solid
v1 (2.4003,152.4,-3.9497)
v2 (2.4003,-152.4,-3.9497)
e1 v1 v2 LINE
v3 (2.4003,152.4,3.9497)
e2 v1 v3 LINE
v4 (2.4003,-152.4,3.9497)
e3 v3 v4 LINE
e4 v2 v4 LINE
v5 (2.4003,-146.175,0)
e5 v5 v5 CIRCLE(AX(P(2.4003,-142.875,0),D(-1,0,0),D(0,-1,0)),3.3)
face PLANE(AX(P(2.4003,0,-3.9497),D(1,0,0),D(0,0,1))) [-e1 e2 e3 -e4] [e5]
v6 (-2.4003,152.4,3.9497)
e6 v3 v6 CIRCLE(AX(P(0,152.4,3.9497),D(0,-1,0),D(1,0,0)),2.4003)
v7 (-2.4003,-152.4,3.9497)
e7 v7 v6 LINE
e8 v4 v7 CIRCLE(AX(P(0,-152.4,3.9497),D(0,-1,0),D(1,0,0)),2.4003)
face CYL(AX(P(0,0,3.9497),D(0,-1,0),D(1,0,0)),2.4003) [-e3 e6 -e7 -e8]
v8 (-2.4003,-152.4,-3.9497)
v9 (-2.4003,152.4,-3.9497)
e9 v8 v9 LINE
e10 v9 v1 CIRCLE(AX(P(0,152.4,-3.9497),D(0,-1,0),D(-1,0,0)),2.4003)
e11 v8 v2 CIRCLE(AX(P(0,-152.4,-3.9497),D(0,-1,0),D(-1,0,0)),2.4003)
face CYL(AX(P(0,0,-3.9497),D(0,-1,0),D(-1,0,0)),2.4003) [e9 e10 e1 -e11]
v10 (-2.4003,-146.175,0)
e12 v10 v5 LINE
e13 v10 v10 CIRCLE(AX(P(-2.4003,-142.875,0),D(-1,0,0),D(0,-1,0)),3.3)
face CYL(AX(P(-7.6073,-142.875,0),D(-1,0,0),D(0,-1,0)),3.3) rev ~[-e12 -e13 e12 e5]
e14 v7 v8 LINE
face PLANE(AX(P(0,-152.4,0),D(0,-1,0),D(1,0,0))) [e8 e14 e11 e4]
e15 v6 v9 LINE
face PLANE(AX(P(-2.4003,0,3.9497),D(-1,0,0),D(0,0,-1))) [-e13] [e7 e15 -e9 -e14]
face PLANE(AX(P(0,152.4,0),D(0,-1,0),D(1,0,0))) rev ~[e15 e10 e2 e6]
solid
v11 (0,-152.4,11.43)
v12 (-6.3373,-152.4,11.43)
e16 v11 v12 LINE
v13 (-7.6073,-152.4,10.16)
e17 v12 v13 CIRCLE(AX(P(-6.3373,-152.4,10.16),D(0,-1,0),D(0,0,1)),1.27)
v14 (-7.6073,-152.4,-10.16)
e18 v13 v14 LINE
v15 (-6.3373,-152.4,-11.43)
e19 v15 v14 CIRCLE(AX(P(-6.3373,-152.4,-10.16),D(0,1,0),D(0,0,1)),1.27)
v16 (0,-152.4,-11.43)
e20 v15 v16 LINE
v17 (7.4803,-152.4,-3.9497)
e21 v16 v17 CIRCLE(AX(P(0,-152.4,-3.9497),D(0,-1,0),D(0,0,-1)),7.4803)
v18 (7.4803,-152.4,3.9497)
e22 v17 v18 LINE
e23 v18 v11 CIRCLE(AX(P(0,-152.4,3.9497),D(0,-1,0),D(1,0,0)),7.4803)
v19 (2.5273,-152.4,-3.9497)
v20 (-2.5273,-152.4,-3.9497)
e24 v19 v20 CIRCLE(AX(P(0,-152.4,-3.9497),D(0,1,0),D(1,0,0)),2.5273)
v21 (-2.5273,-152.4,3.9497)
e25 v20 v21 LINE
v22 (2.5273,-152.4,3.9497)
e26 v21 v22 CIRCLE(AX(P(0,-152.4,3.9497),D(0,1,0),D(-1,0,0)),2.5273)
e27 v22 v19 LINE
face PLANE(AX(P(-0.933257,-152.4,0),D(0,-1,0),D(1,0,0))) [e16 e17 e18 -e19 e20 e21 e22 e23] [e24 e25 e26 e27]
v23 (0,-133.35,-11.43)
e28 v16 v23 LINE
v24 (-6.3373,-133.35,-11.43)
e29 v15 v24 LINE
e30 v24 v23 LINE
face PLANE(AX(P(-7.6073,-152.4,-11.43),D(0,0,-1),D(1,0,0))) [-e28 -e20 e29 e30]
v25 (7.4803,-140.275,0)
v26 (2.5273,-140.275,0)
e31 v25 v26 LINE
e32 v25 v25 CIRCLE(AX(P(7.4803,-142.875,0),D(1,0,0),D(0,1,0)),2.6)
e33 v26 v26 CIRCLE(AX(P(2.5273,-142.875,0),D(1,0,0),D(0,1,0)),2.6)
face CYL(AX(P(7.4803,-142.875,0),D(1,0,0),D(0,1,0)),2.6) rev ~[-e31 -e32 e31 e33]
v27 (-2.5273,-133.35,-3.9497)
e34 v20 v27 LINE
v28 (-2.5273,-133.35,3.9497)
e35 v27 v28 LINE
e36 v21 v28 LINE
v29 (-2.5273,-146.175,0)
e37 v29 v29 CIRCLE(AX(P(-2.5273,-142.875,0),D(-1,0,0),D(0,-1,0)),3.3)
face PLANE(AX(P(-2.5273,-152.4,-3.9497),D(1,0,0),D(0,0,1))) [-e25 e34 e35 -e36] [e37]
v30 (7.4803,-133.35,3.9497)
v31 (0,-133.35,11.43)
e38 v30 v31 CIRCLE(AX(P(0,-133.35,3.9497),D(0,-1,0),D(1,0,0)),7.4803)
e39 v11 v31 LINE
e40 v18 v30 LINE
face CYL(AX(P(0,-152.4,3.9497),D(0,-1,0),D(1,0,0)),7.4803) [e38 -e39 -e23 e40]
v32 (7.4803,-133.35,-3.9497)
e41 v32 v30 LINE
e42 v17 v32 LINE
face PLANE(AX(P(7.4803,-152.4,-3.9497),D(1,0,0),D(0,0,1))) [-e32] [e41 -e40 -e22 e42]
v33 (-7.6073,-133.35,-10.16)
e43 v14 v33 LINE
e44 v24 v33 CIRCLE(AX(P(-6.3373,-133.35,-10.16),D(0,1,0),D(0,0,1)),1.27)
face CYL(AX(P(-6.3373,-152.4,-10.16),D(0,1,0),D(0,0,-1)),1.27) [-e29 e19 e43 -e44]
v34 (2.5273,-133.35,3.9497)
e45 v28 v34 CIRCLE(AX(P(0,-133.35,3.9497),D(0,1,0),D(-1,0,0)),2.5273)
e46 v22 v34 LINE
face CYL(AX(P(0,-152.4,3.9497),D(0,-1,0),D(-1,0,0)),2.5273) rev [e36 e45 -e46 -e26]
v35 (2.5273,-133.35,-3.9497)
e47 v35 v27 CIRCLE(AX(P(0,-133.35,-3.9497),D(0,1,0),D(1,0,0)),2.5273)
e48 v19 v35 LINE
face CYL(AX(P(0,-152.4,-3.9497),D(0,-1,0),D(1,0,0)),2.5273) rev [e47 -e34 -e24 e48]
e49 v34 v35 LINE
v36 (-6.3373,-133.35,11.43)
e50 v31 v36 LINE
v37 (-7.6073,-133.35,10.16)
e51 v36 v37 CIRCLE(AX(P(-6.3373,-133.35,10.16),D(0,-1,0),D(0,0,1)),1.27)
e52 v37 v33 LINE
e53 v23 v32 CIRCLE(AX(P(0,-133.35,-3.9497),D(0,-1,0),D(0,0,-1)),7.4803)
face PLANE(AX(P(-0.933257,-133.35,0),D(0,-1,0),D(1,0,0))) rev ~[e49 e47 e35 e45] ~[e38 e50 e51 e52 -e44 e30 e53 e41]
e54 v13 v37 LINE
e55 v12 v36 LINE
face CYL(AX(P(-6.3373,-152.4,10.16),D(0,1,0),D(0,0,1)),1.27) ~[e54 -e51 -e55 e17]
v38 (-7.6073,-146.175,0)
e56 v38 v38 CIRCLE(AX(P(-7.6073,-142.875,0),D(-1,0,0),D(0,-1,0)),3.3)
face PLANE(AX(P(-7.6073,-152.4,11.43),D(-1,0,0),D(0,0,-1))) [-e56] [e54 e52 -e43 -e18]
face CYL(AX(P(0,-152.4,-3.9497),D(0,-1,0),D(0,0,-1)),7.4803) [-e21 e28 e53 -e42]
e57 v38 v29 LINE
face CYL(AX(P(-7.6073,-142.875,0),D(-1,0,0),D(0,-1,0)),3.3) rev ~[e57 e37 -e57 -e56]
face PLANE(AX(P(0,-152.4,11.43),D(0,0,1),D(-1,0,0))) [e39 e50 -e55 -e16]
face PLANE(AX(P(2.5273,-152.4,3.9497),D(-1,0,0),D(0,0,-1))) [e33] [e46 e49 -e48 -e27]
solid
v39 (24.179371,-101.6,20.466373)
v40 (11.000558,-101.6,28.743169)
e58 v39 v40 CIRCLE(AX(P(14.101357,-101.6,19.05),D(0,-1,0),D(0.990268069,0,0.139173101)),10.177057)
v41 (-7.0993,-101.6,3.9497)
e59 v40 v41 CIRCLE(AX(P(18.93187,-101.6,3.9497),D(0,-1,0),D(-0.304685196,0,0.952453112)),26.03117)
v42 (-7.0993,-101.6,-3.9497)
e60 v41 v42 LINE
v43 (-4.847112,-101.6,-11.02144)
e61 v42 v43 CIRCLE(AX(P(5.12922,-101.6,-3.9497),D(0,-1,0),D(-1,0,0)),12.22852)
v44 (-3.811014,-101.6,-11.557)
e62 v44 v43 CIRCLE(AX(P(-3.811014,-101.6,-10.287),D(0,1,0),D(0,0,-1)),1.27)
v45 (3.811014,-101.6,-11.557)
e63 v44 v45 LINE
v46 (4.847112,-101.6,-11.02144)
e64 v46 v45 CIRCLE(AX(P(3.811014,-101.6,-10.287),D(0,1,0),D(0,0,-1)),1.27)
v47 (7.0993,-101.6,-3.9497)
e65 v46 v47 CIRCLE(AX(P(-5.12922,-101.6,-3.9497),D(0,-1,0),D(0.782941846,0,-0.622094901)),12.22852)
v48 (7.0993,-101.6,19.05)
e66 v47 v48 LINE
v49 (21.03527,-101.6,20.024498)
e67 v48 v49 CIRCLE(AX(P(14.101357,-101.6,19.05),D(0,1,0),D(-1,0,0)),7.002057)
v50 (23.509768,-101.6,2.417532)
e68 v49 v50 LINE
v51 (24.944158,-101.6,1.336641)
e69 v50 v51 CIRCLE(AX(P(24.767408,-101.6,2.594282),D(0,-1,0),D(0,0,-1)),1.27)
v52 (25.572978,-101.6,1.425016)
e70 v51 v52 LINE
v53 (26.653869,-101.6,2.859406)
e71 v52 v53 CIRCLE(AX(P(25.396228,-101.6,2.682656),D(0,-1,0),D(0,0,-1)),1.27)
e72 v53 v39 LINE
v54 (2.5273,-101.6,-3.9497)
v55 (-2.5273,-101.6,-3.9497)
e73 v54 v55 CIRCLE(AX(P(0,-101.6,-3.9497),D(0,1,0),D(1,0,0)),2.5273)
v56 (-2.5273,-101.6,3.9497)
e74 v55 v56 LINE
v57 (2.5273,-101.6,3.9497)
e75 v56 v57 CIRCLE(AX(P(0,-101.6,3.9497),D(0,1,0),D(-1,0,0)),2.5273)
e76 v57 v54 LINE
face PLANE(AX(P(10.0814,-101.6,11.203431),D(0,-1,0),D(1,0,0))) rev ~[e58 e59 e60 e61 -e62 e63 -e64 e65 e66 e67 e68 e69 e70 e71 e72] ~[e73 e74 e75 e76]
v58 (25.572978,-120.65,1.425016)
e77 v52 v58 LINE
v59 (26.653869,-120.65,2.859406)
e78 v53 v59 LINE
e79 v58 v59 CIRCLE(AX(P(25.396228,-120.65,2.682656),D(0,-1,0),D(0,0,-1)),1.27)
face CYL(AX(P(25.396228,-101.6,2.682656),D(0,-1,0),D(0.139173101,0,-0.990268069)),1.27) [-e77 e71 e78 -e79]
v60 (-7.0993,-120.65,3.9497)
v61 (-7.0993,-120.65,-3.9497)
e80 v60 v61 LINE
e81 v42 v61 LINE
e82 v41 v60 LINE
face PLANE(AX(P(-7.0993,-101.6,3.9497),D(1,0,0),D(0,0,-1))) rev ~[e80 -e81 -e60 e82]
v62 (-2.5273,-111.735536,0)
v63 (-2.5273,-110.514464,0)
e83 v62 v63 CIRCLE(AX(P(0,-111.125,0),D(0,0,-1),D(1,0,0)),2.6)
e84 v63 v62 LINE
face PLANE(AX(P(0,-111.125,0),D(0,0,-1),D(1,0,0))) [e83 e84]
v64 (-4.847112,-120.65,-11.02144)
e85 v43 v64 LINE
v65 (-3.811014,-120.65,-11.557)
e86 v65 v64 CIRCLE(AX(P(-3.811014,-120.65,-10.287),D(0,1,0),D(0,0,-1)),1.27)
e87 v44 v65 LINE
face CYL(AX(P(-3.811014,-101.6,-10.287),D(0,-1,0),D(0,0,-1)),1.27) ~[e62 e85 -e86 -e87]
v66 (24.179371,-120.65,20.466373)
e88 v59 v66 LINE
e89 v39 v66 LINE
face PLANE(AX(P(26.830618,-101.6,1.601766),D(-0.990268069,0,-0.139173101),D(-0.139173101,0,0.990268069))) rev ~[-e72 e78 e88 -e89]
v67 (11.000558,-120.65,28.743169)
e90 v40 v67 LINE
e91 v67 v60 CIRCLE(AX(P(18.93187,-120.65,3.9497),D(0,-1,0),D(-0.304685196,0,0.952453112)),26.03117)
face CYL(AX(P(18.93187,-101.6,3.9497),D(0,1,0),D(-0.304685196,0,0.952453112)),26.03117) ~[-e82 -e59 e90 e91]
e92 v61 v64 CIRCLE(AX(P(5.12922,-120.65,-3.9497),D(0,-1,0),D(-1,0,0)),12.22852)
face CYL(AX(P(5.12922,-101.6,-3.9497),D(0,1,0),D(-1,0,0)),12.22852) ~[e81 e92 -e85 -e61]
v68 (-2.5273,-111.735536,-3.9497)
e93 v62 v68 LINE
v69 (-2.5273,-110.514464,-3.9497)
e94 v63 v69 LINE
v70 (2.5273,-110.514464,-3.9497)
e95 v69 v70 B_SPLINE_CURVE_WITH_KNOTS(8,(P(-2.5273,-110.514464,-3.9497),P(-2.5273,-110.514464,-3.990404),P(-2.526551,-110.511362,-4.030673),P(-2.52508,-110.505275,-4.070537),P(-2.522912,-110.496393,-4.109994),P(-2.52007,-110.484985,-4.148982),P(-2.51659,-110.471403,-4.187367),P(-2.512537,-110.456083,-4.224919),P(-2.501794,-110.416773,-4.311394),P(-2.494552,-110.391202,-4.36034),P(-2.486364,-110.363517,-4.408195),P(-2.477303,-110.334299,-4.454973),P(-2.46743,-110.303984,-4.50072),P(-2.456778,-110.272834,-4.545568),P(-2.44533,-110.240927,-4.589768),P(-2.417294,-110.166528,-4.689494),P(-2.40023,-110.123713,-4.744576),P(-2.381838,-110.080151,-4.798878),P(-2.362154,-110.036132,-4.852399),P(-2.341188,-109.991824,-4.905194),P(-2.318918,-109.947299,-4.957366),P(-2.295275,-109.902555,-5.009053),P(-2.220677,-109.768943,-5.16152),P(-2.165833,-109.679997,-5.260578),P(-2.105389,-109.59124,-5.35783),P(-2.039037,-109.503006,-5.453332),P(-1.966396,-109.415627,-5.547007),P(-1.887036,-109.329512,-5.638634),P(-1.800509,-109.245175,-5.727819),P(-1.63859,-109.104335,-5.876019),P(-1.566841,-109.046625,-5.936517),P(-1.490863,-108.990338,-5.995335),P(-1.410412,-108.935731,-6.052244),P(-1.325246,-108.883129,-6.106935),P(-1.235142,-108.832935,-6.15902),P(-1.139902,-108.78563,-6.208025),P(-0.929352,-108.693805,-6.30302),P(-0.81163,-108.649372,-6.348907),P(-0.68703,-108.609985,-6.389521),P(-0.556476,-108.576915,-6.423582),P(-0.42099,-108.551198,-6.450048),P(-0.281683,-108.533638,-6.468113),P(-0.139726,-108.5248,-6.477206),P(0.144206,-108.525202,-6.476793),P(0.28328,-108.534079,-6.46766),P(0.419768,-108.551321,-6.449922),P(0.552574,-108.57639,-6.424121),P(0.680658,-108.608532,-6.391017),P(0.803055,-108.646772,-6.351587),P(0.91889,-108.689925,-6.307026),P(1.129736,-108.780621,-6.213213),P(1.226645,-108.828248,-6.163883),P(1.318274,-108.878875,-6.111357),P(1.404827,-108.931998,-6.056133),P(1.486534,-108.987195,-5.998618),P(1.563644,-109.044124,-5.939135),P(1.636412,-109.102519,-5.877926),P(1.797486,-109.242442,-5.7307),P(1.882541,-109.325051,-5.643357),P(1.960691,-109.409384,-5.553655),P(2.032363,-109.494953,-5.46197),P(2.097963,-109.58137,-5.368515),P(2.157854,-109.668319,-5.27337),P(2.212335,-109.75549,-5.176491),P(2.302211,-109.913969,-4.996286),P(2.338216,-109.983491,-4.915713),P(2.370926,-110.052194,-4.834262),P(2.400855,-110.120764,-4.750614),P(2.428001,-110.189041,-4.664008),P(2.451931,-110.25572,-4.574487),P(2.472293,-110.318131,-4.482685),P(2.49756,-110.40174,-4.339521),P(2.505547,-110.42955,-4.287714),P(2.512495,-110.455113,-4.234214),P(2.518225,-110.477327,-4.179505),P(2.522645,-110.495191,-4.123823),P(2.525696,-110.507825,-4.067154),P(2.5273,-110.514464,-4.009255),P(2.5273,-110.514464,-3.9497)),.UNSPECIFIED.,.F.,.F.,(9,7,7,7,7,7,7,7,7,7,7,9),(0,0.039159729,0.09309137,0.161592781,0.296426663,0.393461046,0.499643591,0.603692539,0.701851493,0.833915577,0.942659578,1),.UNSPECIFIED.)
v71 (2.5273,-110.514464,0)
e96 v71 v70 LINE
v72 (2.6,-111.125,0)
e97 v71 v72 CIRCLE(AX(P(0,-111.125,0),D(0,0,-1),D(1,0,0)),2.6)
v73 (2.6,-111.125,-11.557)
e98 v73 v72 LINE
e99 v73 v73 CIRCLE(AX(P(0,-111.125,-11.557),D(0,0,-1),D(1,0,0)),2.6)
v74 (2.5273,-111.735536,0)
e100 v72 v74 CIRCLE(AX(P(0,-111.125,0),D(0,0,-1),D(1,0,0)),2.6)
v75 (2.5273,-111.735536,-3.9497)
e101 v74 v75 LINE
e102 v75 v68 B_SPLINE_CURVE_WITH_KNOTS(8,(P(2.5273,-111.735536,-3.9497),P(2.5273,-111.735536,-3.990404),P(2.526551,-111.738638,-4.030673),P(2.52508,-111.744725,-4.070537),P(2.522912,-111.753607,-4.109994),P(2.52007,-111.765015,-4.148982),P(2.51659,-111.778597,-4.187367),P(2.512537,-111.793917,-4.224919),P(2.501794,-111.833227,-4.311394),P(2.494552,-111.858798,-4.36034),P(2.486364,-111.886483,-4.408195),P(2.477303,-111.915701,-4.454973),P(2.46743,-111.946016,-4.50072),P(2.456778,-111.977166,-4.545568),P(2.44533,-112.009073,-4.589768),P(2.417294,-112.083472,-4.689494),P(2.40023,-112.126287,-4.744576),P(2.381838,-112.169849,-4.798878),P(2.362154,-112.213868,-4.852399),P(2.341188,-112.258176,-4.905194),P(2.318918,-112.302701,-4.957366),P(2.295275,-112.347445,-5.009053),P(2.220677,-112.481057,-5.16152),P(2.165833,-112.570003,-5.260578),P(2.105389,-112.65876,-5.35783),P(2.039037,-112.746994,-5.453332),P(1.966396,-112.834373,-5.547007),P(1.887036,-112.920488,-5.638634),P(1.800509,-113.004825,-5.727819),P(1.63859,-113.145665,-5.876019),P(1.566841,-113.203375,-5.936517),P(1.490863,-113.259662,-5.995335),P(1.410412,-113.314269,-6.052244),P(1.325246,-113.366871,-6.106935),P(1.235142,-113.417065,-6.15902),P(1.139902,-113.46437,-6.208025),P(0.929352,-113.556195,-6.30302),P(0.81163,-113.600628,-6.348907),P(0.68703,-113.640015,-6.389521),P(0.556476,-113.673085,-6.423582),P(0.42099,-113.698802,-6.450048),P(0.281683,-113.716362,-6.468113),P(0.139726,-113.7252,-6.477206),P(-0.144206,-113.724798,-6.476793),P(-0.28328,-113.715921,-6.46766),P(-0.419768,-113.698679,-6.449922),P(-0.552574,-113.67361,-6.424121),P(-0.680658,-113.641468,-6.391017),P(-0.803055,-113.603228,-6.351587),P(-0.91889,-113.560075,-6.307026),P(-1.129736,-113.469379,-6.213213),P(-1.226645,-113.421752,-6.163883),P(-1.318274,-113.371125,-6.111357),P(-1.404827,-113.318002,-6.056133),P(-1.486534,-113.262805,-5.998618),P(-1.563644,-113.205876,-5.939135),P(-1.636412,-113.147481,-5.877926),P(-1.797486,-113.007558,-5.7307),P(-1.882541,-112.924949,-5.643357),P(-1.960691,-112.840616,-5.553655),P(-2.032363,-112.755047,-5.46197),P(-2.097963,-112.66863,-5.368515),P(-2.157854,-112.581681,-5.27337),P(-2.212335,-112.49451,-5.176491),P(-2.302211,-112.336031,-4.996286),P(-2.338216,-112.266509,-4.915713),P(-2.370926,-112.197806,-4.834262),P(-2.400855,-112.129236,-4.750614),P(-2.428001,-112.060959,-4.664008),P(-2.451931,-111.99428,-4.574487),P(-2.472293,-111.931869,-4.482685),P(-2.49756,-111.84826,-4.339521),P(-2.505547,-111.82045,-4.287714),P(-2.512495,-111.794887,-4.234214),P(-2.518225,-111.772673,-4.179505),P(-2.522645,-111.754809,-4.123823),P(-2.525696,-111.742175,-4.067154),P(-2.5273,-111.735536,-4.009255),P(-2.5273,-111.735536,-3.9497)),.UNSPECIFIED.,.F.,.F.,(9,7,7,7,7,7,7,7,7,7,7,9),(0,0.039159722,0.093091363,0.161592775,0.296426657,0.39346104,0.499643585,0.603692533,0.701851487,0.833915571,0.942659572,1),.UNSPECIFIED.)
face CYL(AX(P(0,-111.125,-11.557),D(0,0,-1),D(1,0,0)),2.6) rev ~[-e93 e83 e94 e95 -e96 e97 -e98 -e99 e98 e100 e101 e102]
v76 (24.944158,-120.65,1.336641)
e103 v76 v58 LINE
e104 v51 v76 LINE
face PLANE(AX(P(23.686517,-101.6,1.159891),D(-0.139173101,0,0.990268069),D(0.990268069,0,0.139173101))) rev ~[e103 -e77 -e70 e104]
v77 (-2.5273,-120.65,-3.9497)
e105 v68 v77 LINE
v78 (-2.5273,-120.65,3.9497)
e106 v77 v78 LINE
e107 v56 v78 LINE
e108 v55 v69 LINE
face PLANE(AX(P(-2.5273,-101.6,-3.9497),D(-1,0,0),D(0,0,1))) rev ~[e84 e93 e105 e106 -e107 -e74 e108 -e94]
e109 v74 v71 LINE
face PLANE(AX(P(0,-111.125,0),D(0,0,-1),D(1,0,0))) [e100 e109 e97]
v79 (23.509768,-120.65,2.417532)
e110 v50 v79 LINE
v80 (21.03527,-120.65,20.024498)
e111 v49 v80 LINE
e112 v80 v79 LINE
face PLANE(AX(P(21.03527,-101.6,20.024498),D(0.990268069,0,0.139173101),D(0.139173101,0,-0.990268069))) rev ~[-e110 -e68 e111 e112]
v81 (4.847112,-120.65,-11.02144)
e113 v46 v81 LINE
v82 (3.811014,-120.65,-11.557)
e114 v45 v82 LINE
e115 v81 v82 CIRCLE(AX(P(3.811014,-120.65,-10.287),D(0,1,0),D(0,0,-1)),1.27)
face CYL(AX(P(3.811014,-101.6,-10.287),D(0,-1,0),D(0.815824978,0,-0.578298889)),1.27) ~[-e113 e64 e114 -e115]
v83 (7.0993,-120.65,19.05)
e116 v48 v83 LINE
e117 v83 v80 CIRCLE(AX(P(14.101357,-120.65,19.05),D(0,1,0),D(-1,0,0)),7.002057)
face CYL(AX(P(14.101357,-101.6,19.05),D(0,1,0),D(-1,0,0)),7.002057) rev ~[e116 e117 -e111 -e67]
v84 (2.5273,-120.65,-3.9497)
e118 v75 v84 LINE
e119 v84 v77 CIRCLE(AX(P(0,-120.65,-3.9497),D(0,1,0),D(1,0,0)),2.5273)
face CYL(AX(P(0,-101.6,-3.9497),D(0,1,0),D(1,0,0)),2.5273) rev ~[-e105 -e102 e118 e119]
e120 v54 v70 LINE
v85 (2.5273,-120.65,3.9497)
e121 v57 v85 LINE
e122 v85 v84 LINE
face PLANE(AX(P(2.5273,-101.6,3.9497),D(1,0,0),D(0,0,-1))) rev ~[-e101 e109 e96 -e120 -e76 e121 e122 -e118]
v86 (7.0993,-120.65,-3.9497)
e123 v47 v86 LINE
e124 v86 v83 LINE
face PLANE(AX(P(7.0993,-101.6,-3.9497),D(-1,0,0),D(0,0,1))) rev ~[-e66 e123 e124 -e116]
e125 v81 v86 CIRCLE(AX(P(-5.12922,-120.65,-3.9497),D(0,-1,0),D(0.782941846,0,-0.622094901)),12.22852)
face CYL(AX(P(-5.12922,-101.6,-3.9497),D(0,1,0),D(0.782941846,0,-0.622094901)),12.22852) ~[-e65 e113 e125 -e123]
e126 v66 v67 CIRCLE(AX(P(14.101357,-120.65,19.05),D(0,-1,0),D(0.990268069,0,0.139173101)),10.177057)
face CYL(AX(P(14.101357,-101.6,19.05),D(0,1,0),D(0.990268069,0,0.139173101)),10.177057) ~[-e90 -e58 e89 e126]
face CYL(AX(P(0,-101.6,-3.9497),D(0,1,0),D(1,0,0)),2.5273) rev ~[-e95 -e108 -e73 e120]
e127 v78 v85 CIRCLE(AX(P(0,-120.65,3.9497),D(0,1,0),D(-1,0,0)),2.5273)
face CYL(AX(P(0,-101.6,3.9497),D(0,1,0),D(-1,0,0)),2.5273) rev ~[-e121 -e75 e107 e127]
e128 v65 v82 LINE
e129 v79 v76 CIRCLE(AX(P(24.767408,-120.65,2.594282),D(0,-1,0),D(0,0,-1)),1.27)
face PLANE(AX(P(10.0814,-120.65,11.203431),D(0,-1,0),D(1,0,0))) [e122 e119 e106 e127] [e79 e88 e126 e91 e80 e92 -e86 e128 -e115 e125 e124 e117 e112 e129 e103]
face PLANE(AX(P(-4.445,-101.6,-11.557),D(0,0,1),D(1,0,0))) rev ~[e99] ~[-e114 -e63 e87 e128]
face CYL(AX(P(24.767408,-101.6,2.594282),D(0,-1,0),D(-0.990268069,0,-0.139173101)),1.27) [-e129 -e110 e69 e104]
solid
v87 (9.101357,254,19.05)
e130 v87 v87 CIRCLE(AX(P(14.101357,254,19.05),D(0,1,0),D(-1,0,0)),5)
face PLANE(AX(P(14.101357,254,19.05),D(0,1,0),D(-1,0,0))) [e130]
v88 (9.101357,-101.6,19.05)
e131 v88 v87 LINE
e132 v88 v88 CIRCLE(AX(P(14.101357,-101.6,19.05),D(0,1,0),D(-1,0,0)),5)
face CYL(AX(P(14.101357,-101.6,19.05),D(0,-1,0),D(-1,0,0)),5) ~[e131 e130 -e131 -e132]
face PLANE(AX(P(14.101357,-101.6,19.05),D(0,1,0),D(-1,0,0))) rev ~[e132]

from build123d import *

# Parameters (mm, degrees)
F1_DEPTH  = 152.4
F3_DEPTH  = 19.05
F4_R      = 2.6
F5_DEPTH  = 15.0886
F6_R      = 3.3
F7_DEPTH  = 10.0076
F10_DEPTH = 19.05
F11_R     = 1.27
F11_2_R   = 1.27
F12_R     = 2.6
F13_DEPTH = 11.557
F14_R     = 5
F15_DEPTH = 355.6


with BuildPart() as f1:
    # F0 (on Front) → F1 (new body, symmetric)
    with BuildSketch(Plane.XZ):
        with BuildLine():
            ThreePointArc((-2.4003, -3.9497), (0, -6.35), (2.4003, -3.9497))
            Line((2.4003, -3.9497), (2.4003, 3.9497))
            ThreePointArc((2.4003, 3.9497), (0, 6.35), (-2.4003, 3.9497))
            Line((-2.4003, 3.9497), (-2.4003, -3.9497))
        make_face()
    extrude(amount=F1_DEPTH, both=True)


with BuildPart() as f3:
    # F2 (on face) → F3 (new body)
    with BuildSketch(Plane.XZ.offset(152.4)):
        with BuildLine():
            Line((7.4803, -3.9497), (7.4803, 3.9497))
            ThreePointArc((7.4803, 3.9497), (5.2893708553, 9.2390708553), (0, 11.43))
            Line((0, 11.43), (-7.6073, 11.43))
            Line((-7.6073, 11.43), (-7.6073, -11.43))
            Line((-7.6073, -11.43), (0, -11.43))
            ThreePointArc((0, -11.43), (5.2893708553, -9.2390708553), (7.4803, -3.9497))
        make_face()
        with BuildLine():
            ThreePointArc((-2.5273, 3.9497), (0, 6.477), (2.5273, 3.9497))
            Line((2.5273, 3.9497), (2.5273, -3.9497))
            ThreePointArc((2.5273, -3.9497), (0, -6.477), (-2.5273, -3.9497))
            Line((-2.5273, -3.9497), (-2.5273, 3.9497))
        make_face(mode=Mode.SUBTRACT)
    extrude(amount=-F3_DEPTH)


with BuildPart() as f5_tool:
    # F4 (on face) → F5 (new body, through all)
    with BuildSketch(Plane.YZ.offset(7.4803)):
        with Locations((-142.875, 0)):
            Circle(F4_R)
    extrude(amount=-F5_DEPTH)


with BuildPart() as f1_1:
    add(f1.part)

    # F5: cut by f5_tool
    add(f5_tool.part, mode=Mode.SUBTRACT)


with BuildPart() as f3_1:
    add(f3.part)

    # F5: cut by f5_tool
    add(f5_tool.part, mode=Mode.SUBTRACT)


with BuildPart() as f7_tool:
    # F6 (on face) → F7 (new body, through all)
    with BuildSketch(Plane(origin=(-7.6073, 0, 0), x_dir=(0, -1, 0), z_dir=(-1, 0, 0))):
        with Locations((142.875, 0)):
            Circle(F6_R)
    extrude(amount=-F7_DEPTH)


with BuildPart() as f1_2:
    add(f1_1.part)

    # F7: cut by f7_tool
    add(f7_tool.part, mode=Mode.SUBTRACT)


with BuildPart() as f3_2:
    add(f3_1.part)

    # F7: cut by f7_tool
    add(f7_tool.part, mode=Mode.SUBTRACT)

    # F11#2
    f11_2_edges = [f3_2.edges().sort_by_distance(p)[0] for p in [
        (-7.6073, -142.875, -11.43),
        (-7.6073, -142.875, 11.43),
    ]]
    fillet(f11_2_edges, radius=F11_2_R)


with BuildPart() as f10:
    # F9 (on offset) → F10 (new body)
    with BuildSketch(Plane.XZ.offset(101.6)):
        with BuildLine():
            ThreePointArc((4.445, -11.557), (6.4166719567, -7.9782332871), (7.0993, -3.9497))
            Line((7.0993, -3.9497), (7.0993, 3.9497))
            Line((7.0993, 3.9497), (7.0993, 19.05))
            ThreePointArc((7.0993, 19.05), (13.6129178767, 26.035), (21.0352697821, 20.0244979382))
            Line((21.0352697821, 20.0244979382), (23.6865173554, 1.1598912287))
            Line((23.6865173554, 1.1598912287), (26.8306184737, 1.6017658242))
            Line((26.8306184737, 1.6017658242), (24.1793709004, 20.4663725338))
            ThreePointArc((24.1793709004, 20.4663725338), (19.514001666, 27.6683383689), (11.0005581512, 28.7431692878))
            ThreePointArc((11.0005581512, 28.7431692878), (-2.0929146534, 19.2983235899), (-7.0993, 3.9497))
            Line((-7.0993, 3.9497), (-7.0993, -3.9497))
            ThreePointArc((-7.0993, -3.9497), (-6.4166719567, -7.9782332871), (-4.445, -11.557))
            Line((-4.445, -11.557), (4.445, -11.557))
        make_face()
        with BuildLine():
            ThreePointArc((-2.5273, 3.9497), (0, 6.477), (2.5273, 3.9497))
            Line((2.5273, 3.9497), (2.5273, -3.9497))
            ThreePointArc((2.5273, -3.9497), (0, -6.477), (-2.5273, -3.9497))
            Line((-2.5273, -3.9497), (-2.5273, 3.9497))
        make_face(mode=Mode.SUBTRACT)
    extrude(amount=F10_DEPTH)

    # F11
    f11_edges = [f10.edges().sort_by_distance(p)[0] for p in [
        (26.830618, -111.125, 1.601766),
        (23.686517, -111.125, 1.159891),
        (-4.445, -111.125, -11.557),
        (4.445, -111.125, -11.557),
    ]]
    fillet(f11_edges, radius=F11_R)

    # F12 (on face) → F13 (cut, through all)
    with BuildSketch(Plane(origin=(0, 0, -11.557), x_dir=(1, 0, 0), z_dir=(0, 0, -1))):
        with Locations((0, 111.125)):
            Circle(F12_R)
    extrude(amount=-F13_DEPTH, mode=Mode.SUBTRACT)


with BuildPart() as f15:
    # F14 (on face) → F15 (new body)
    with BuildSketch(Plane(origin=(0, -101.6, 0), x_dir=(-1, 0, 0), z_dir=(0, 1, 0))):
        with Locations((-14.1013566581, 19.05)):
            Circle(F14_R)
    extrude(amount=F15_DEPTH)


solid = Compound([f1_2.part, f3_2.part, f10.part, f15.part])
